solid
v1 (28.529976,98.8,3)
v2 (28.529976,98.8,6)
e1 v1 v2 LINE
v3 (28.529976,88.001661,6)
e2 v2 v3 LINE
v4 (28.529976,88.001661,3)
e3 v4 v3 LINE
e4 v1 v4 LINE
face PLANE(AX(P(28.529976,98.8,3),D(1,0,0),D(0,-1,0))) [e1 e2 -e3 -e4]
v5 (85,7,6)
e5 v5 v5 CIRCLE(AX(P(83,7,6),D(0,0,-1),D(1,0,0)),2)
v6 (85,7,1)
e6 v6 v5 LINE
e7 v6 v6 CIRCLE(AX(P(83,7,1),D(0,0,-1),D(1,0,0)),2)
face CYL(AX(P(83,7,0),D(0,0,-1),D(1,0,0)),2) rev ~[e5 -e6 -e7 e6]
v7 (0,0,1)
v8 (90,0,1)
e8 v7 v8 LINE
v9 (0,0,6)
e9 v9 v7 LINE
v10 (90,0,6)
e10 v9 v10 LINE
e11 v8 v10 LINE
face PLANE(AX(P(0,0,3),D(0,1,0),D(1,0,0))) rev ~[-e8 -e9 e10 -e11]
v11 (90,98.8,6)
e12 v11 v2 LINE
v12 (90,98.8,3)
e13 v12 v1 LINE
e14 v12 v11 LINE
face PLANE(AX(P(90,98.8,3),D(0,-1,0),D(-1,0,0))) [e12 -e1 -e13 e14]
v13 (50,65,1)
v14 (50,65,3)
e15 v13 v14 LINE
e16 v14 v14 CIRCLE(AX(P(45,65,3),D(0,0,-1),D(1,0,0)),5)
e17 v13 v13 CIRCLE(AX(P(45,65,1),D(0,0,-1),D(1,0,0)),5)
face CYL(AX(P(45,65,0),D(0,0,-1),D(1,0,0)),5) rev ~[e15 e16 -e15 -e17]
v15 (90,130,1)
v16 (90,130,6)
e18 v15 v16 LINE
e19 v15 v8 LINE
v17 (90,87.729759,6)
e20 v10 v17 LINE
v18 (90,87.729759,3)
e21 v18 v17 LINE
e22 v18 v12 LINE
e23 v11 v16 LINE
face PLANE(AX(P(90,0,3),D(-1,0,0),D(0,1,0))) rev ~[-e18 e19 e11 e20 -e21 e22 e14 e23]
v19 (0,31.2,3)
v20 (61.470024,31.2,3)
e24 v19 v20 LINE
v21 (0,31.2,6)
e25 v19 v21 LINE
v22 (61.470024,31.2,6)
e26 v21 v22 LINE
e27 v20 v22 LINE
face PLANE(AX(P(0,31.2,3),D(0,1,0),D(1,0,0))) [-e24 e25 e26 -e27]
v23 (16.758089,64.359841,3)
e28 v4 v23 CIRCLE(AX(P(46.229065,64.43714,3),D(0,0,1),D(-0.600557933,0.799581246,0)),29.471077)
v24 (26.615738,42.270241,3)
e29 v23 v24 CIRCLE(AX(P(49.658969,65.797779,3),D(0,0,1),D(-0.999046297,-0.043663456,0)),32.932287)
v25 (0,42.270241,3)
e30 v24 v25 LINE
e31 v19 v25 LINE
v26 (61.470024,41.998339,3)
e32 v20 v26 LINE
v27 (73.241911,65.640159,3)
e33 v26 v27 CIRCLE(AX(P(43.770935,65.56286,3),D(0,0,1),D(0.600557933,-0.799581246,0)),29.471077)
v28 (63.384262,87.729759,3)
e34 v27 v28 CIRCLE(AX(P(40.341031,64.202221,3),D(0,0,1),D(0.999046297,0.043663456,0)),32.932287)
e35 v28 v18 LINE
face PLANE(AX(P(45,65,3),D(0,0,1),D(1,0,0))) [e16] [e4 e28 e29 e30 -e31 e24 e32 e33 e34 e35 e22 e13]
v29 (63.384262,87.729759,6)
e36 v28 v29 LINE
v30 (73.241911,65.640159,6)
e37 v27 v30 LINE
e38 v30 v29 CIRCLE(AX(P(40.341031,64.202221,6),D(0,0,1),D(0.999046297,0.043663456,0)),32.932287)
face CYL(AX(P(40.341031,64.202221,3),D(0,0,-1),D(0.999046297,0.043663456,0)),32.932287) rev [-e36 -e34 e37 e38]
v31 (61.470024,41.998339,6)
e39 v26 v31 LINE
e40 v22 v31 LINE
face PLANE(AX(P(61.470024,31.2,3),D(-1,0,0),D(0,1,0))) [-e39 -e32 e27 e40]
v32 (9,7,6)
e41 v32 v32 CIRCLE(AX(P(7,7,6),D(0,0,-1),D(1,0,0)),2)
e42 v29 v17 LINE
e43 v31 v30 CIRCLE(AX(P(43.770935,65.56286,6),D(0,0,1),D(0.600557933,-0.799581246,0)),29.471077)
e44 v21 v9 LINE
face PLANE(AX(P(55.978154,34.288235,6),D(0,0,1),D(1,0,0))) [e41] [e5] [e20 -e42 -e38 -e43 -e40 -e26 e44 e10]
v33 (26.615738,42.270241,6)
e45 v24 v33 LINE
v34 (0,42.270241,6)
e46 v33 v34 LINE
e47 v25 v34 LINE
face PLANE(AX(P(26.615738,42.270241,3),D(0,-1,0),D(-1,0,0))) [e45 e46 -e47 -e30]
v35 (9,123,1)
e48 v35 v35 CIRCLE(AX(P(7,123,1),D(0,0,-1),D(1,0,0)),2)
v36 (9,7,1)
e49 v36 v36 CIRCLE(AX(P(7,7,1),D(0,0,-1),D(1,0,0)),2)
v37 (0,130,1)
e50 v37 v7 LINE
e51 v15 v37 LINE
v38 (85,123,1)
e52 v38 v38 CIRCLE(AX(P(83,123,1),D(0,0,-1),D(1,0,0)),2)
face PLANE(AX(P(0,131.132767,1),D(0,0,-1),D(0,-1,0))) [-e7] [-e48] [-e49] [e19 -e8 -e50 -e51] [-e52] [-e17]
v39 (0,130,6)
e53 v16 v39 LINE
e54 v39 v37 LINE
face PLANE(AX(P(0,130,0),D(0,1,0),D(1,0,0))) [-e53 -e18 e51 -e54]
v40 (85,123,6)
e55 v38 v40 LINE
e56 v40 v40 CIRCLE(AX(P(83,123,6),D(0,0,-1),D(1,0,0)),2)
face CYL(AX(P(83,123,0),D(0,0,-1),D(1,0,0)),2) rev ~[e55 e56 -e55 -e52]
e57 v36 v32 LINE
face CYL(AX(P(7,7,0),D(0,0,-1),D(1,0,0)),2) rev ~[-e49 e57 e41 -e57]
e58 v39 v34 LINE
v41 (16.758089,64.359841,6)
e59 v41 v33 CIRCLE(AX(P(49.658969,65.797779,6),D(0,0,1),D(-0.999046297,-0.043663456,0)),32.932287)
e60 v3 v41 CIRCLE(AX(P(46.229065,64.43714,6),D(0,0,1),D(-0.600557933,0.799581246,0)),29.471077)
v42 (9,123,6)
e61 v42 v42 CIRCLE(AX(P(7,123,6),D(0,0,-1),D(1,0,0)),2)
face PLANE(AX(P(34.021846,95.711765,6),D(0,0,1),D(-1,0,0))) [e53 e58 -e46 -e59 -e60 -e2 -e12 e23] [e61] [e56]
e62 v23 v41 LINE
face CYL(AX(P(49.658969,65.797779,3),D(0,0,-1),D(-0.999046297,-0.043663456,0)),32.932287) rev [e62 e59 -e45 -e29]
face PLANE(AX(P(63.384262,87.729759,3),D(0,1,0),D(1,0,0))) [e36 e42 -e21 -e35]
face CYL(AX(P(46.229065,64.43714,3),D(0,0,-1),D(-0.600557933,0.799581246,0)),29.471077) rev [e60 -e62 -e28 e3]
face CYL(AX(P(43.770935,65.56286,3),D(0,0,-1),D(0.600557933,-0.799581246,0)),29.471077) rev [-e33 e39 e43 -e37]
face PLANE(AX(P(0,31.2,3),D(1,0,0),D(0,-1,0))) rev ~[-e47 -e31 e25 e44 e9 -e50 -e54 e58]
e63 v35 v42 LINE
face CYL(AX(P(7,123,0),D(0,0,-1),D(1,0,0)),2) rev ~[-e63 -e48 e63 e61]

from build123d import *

# Parameters (mm, degrees)
SKETCH_W        = 90
SKETCH_H        = 130
PAD_DEPTH       = 3
PAD007_DEPTH    = 3
PAD006_DEPTH    = 3
SKETCH014_R     = 5
SKETCH014_R_2   = 2
POCKET004_DEPTH = 10
SKETCH015_W     = 131.132767
SKETCH015_H     = 1
POCKET005_DEPTH = 100


with BuildPart() as pad007:
    # Sketch → Pad (new body)
    with BuildSketch(Plane.XY):
        with Locations((45, 65)):
            Rectangle(SKETCH_W, SKETCH_H)
    extrude(amount=PAD_DEPTH)

    # Sketch006 → Pad007 (new body)
    with BuildSketch(Plane.XY.offset(3)):
        with BuildLine():
            Line((0, 0), (90, 0))
            Line((90, 0), (90, 31.200001))
            Line((90, 87.7297593266), (90, 31.200001))
            Line((63.384261619, 87.7297593266), (90, 87.7297593266))
            ThreePointArc((73.2419105019, 65.6401585516), (70.414665309, 77.6228043326), (63.384261619, 87.7297593266))
            ThreePointArc((61.470024, 41.9983394519), (70.1525128312, 52.4267750542), (73.2419105019, 65.6401585516))
            Line((61.470024, 31.2), (61.470024, 41.9983394519))
            Line((0, 31.2), (61.470024, 31.2))
            Line((0, 31.2), (0, 0))
        make_face()
    extrude(amount=PAD007_DEPTH)


with BuildPart() as pocket005:
    # Sketch008 → Pad006 (new body)
    with BuildSketch(Plane(origin=(90, 130, 3), x_dir=(-1, 0, 0), z_dir=(0, 0, 1))):
        with BuildLine():
            Line((0, 0), (90, 0))
            Line((90, 0), (90, 31.200001))
            Line((90, 87.7297593266), (90, 31.200001))
            Line((63.384261619, 87.7297593266), (90, 87.7297593266))
            ThreePointArc((73.2419105019, 65.6401585516), (70.414665309, 77.6228043326), (63.384261619, 87.7297593266))
            ThreePointArc((61.470024, 41.9983394519), (70.1525128312, 52.4267750542), (73.2419105019, 65.6401585516))
            Line((61.470024, 31.2), (61.470024, 41.9983394519))
            Line((0, 31.2), (61.470024, 31.2))
            Line((0, 31.2), (0, 0))
        make_face()
    extrude(amount=PAD006_DEPTH)

    # Fusion: union Pad007
    add(pad007.part)

    # Sketch014 → Pocket004 (cut)
    with BuildSketch(Plane(origin=(0, 0, 0), x_dir=(1, 0, 0), z_dir=(0, 0, -1))):
        with Locations((45, -65)):
            Circle(SKETCH014_R)
        with Locations((7, -7)):
            Circle(SKETCH014_R_2)
        with Locations((7, -123)):
            Circle(SKETCH014_R_2)
        with Locations((83, -123)):
            Circle(SKETCH014_R_2)
        with Locations((83, -7)):
            Circle(SKETCH014_R_2)
    extrude(amount=-POCKET004_DEPTH, mode=Mode.SUBTRACT)

    # Sketch015 → Pocket005 (cut)
    with BuildSketch(Plane(origin=(0, 0, 0), x_dir=(0, -1, 0), z_dir=(-1, 0, 0))):
        with Locations((-65.5663835, 0.5)):
            Rectangle(SKETCH015_W, SKETCH015_H)
    extrude(amount=-POCKET005_DEPTH, mode=Mode.SUBTRACT)


solid = pocket005.part
